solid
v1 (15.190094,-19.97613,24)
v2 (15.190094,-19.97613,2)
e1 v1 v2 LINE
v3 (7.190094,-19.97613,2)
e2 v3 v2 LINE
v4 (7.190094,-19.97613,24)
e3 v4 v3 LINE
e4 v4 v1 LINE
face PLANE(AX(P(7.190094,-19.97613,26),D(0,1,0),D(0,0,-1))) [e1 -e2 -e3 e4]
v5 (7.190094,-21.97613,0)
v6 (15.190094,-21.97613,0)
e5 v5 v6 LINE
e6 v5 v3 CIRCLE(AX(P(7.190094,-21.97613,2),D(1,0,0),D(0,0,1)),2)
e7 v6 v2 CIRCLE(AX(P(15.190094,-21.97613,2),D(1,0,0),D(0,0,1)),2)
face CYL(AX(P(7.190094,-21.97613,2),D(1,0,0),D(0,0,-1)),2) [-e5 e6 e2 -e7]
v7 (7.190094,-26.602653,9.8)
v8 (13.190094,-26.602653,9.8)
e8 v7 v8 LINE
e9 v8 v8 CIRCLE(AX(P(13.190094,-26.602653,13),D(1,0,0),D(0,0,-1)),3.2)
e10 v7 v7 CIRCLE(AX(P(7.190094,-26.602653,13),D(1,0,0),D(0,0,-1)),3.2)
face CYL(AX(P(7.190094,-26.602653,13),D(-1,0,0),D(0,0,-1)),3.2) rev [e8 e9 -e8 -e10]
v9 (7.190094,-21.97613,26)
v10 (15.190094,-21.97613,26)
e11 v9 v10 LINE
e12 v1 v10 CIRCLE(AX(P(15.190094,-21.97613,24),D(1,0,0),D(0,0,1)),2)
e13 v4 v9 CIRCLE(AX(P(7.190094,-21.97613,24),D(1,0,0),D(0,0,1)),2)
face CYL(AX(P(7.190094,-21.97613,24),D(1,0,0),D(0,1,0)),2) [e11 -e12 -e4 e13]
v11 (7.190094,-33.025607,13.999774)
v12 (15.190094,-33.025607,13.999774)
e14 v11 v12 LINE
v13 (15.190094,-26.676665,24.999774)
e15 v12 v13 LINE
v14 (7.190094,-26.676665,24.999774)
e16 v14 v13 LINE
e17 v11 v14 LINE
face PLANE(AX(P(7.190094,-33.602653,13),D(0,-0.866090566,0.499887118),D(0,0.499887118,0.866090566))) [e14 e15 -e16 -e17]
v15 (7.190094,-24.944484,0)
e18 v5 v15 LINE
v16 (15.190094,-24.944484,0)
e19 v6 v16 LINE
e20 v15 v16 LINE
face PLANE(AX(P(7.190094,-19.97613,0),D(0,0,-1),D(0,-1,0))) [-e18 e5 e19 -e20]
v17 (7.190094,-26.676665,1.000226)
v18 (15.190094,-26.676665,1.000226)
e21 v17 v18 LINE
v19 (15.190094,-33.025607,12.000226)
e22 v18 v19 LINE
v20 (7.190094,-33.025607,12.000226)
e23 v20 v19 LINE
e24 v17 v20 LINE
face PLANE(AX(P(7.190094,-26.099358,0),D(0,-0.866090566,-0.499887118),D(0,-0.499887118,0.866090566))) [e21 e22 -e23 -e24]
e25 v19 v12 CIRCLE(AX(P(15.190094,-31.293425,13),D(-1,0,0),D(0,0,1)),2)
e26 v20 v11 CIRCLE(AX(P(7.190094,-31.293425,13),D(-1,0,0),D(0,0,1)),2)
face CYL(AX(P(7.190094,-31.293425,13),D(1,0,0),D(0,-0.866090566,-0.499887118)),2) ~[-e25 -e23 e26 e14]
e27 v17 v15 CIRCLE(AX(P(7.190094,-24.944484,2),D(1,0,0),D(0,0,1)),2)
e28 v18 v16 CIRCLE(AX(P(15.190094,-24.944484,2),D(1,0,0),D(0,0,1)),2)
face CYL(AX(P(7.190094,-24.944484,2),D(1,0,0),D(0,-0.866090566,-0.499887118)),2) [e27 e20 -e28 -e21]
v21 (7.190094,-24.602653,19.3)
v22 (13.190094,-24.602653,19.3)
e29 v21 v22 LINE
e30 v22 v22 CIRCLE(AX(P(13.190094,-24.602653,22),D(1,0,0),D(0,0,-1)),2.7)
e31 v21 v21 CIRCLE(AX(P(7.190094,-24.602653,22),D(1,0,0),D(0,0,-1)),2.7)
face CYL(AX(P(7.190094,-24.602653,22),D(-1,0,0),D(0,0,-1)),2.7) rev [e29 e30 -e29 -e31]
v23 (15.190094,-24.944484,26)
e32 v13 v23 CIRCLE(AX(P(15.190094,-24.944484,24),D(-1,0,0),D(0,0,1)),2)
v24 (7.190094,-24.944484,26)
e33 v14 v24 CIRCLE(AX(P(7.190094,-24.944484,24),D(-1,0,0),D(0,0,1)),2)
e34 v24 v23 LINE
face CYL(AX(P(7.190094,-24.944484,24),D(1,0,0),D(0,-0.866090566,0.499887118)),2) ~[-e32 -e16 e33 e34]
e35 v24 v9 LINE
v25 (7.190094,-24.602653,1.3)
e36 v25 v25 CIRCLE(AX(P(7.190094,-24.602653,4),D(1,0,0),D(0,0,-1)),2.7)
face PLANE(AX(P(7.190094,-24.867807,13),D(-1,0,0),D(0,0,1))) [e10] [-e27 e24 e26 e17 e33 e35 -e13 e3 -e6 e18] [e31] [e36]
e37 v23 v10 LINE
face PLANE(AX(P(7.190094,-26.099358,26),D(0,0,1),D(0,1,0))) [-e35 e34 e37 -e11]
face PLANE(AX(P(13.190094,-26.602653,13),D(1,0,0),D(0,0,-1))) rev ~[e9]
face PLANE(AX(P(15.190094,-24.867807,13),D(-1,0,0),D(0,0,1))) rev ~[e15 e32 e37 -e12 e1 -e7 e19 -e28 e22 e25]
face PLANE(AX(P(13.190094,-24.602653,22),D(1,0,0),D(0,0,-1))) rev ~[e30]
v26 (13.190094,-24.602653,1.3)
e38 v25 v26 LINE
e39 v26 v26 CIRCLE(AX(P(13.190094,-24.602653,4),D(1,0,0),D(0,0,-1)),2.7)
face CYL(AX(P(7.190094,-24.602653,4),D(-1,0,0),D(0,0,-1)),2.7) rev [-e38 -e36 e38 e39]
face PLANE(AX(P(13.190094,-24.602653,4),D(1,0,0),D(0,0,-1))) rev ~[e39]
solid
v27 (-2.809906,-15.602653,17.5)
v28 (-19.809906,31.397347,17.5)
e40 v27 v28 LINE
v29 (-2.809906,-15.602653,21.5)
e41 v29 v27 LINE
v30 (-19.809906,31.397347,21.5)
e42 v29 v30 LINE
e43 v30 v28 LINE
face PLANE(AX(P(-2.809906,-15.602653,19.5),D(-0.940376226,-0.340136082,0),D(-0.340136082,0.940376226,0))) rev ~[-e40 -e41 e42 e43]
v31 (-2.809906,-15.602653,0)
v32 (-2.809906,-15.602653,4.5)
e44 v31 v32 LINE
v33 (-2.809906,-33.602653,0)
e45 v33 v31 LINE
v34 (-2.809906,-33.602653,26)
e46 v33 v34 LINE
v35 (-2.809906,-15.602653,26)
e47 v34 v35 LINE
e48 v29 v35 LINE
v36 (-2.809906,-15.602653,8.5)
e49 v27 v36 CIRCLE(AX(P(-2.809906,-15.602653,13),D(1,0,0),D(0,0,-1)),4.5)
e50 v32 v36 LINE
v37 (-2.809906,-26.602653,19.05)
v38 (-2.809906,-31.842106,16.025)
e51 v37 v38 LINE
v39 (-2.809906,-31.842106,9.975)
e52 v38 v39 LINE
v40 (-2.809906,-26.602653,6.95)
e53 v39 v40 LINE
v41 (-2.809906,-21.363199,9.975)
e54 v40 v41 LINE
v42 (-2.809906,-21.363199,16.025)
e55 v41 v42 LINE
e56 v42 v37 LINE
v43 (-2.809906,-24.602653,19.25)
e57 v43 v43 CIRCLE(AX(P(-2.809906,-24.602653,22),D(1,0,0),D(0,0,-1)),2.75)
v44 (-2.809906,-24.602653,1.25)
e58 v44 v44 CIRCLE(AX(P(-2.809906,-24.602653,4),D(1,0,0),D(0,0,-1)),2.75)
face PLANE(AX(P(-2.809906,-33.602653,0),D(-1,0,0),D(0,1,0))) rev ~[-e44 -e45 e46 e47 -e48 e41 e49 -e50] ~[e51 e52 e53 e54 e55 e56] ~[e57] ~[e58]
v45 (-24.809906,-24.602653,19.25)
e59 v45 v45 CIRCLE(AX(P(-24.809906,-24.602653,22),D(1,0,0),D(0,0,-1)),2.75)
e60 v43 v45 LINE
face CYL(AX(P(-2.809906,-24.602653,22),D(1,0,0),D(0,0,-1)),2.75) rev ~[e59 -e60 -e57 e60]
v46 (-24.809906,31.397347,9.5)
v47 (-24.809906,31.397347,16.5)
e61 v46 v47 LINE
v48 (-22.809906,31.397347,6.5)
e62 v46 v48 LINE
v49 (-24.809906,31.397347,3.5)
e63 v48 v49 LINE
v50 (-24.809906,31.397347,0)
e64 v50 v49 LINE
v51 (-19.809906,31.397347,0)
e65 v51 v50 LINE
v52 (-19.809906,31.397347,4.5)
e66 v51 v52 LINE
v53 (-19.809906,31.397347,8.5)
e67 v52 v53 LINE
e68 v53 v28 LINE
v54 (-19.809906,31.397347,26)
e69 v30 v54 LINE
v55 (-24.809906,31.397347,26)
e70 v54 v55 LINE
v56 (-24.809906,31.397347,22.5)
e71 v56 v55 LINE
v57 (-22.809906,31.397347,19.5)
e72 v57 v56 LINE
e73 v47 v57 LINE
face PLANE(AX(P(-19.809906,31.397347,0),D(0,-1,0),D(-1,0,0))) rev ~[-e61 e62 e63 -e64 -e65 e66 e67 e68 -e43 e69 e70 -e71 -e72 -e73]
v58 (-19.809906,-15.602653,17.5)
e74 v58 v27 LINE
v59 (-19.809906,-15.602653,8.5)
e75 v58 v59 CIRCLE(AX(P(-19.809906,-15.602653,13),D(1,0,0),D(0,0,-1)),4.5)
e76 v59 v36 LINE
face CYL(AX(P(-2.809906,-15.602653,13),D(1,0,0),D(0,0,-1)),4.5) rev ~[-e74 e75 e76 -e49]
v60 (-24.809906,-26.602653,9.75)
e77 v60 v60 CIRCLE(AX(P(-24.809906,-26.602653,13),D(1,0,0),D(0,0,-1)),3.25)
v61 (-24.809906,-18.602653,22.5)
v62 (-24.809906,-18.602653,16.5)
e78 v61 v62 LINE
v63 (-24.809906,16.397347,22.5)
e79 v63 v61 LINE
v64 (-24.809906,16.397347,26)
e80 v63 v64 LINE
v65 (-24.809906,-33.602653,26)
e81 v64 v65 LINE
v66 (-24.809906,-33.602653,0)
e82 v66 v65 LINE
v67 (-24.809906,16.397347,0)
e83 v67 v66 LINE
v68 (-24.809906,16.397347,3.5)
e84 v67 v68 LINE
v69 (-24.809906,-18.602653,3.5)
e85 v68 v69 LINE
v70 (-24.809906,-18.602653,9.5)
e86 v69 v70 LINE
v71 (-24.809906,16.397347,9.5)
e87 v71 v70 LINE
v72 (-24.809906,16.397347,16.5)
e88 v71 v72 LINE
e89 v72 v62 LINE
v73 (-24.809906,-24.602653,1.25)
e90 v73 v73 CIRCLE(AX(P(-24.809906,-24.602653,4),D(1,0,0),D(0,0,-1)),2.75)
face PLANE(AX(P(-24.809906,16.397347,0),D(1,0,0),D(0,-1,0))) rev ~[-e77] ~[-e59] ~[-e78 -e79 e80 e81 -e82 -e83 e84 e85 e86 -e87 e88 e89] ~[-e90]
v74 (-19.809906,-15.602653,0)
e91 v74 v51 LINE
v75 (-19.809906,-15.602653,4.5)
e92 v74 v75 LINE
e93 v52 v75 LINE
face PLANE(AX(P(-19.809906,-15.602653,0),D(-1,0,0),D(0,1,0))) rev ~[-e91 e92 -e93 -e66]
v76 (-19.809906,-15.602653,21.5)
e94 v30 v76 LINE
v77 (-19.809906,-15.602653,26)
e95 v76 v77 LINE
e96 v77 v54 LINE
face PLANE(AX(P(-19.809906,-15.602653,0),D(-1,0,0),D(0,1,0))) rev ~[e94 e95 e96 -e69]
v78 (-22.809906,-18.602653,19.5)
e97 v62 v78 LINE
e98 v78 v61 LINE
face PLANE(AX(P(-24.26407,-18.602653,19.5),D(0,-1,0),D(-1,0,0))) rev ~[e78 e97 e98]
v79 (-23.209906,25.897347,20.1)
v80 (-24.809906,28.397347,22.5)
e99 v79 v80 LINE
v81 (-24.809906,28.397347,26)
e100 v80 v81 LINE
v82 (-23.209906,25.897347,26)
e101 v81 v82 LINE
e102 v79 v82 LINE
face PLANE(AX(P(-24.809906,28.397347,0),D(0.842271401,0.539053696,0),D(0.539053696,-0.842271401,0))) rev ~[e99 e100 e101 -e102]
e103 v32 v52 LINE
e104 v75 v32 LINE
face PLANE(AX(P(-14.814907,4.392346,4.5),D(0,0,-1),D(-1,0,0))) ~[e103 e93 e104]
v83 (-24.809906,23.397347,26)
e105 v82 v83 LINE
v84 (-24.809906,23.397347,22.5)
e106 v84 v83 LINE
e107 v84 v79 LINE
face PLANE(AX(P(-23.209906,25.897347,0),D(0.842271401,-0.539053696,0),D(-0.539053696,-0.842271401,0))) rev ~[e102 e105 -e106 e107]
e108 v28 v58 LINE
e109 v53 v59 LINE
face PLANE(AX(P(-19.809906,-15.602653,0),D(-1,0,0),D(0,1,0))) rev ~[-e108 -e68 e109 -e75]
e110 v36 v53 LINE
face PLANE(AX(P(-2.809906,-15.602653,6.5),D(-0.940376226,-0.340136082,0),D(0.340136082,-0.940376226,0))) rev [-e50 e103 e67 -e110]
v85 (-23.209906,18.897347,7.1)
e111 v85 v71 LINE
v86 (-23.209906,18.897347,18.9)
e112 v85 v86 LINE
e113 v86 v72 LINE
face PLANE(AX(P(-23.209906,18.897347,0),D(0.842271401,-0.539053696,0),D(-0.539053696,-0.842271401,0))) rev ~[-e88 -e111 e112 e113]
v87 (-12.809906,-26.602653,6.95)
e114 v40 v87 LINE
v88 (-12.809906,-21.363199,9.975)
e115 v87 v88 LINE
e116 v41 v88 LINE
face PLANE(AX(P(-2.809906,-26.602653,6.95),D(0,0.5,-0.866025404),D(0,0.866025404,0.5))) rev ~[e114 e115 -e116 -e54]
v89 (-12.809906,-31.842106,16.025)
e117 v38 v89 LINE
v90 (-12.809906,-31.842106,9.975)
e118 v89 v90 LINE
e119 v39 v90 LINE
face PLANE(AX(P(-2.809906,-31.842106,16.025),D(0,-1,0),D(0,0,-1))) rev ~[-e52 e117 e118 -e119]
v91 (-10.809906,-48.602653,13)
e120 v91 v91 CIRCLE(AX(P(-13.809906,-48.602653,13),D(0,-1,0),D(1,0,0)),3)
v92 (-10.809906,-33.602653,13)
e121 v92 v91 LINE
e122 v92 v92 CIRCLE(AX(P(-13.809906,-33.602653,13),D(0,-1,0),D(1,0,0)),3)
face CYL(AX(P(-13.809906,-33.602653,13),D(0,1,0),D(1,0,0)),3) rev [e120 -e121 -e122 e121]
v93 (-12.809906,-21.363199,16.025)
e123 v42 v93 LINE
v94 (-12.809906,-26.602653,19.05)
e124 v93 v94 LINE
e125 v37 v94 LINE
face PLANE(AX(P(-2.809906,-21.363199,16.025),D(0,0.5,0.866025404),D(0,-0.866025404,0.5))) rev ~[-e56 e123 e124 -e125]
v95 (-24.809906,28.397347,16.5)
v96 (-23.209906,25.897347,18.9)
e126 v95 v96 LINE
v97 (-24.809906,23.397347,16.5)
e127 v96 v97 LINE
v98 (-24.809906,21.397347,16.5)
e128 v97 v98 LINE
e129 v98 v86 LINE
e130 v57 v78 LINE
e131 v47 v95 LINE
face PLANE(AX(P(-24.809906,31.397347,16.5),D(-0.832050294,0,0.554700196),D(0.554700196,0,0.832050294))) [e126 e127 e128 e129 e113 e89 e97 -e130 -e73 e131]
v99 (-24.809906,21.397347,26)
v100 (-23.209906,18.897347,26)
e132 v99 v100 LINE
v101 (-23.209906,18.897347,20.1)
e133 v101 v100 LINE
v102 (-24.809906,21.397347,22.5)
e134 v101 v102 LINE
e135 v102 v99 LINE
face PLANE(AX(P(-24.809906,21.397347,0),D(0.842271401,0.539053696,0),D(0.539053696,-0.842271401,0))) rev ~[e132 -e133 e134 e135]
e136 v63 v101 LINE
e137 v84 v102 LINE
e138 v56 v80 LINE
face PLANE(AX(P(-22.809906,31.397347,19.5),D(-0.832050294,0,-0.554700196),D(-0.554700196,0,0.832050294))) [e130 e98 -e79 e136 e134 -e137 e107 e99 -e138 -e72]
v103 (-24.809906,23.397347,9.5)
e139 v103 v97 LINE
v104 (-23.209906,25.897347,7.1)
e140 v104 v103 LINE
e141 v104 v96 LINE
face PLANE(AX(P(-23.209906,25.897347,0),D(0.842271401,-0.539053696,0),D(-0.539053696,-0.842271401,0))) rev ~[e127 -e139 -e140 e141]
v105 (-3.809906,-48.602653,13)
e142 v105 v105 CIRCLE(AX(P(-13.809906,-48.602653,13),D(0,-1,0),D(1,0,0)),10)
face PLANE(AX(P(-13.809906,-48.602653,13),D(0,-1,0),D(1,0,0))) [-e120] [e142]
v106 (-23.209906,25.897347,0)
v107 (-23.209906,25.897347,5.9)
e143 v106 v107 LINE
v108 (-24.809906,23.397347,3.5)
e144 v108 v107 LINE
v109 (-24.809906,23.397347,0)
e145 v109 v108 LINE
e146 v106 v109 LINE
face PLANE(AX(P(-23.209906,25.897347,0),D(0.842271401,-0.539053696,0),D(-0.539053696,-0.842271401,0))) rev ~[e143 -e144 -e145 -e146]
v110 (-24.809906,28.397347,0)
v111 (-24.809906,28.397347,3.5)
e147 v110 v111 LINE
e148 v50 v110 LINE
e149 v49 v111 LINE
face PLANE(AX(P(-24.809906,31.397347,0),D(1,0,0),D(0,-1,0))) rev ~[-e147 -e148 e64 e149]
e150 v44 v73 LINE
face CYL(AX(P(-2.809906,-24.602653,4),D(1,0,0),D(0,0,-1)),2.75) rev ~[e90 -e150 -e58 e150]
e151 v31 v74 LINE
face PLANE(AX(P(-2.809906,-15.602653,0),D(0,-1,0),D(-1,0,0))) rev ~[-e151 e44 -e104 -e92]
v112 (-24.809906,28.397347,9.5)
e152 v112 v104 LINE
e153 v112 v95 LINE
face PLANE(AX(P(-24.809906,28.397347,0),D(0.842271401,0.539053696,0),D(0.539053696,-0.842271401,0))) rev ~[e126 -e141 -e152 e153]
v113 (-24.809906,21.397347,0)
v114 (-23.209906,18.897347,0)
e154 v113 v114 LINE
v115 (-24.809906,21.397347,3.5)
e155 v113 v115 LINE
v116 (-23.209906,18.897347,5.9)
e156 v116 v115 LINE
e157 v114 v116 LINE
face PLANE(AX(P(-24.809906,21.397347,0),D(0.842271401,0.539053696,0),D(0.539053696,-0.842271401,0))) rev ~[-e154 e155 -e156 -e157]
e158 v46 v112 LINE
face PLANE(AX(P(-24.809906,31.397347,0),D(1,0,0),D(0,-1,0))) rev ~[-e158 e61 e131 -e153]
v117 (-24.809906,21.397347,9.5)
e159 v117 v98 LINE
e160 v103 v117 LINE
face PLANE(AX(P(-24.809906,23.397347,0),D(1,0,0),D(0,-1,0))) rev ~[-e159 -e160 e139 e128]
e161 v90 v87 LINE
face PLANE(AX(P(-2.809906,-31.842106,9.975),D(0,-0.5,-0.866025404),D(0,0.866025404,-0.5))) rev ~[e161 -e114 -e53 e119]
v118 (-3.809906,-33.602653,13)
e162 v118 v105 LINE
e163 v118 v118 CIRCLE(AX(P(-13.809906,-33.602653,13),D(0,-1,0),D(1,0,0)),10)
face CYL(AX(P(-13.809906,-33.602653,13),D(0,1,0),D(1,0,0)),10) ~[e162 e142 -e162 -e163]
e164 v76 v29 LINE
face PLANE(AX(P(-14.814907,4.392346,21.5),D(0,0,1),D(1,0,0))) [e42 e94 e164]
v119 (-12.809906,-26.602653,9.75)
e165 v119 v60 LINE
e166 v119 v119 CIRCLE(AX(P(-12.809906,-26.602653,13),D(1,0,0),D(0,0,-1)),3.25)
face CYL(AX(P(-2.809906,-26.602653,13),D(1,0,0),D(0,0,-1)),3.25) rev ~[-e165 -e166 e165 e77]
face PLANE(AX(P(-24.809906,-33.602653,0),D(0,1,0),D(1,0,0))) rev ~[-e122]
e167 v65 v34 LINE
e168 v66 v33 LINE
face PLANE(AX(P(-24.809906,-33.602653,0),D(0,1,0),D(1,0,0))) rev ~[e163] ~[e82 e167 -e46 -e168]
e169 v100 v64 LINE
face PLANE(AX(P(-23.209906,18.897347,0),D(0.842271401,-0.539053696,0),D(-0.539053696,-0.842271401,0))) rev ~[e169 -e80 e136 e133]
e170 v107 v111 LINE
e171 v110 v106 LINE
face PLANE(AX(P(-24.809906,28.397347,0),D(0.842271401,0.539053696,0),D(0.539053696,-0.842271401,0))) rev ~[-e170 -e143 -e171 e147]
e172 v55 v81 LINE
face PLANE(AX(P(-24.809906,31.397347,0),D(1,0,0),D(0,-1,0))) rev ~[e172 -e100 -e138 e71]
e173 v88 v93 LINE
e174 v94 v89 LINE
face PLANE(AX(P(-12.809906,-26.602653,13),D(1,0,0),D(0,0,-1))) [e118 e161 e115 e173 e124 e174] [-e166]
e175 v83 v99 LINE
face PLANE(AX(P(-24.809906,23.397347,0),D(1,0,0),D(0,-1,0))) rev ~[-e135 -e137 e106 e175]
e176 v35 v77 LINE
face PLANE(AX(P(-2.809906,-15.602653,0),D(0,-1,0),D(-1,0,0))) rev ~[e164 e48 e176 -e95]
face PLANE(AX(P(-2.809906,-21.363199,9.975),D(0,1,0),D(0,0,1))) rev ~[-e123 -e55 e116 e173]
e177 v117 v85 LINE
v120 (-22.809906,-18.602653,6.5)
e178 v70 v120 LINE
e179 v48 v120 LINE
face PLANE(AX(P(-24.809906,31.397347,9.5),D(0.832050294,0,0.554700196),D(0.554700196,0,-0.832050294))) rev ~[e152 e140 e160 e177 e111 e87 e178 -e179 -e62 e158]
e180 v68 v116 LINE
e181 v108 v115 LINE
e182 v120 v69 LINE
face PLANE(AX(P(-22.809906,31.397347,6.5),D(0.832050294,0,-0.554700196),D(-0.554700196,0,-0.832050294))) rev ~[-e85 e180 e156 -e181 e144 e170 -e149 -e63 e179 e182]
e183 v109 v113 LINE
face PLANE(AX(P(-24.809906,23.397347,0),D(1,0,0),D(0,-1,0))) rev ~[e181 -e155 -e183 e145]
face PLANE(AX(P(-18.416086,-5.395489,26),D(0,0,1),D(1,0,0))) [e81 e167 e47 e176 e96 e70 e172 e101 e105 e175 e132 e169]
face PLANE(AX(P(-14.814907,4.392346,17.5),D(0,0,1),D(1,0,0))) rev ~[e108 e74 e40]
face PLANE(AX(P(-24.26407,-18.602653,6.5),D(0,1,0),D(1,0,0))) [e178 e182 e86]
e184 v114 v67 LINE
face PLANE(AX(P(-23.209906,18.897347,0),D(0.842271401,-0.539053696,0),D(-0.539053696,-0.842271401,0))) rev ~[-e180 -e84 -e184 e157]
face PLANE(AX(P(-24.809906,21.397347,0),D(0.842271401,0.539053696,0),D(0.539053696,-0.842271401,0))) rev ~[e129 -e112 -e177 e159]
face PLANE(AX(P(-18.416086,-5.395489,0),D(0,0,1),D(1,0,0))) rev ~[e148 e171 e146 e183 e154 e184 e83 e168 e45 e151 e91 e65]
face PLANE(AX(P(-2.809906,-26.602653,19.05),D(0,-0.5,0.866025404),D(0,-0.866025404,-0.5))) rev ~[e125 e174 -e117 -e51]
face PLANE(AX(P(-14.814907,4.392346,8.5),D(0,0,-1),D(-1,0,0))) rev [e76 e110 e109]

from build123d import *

# Parameters (mm, degrees)
SALIENTE_EXTRUIR1_DEPTH = 26
CROQUIS15_R             = 3.25
CORTAR_EXTRUIR5_DEPTH   = 28
SALIENTE_EXTRUIR3_DEPTH = 2
CROQUIS9_R              = 4.5
CORTAR_EXTRUIR1_DEPTH   = 17
CROQUIS10_R             = 2.75
CORTAR_EXTRUIR2_DEPTH   = 22
CORTAR_EXTRUIR3_DEPTH   = 50
SALIENTE_EXTRUIR5_DEPTH = 8
REDONDEO2_R             = 2
REDONDEO3_R             = 2
CROQUIS18_R             = 2.7
CROQUIS18_R_2           = 3.2
CORTAR_EXTRUIR6_DEPTH   = 6
CROQUIS19_R             = 10
CROQUIS19_R_2           = 3
SALIENTE_EXTRUIR6_DEPTH = 15
CORTAR_EXTRUIR7_DEPTH   = 10


with BuildPart() as part:
    # Croquis1 → Saliente-Extruir1 (new body)
    with BuildSketch(Plane.XY):
        Polygon((-24.80990609, 23.397347273), (-24.80990609, 21.397347273), (-23.20990609, 18.897347273), (-24.80990609, 16.397347273), (-24.80990609, -33.602652727), (-2.80990609, -33.602652727), (-2.80990609, -15.602652727), (-19.80990609, -15.602652727), (-19.80990609, 31.397347273), (-24.80990609, 31.397347273), (-24.80990609, 28.397347273), (-23.20990609, 25.897347273), align=None)
    extrude(amount=SALIENTE_EXTRUIR1_DEPTH)

    # Croquis15 → Cortar-Extruir5 (cut)
    with BuildSketch(Plane(origin=(-2.80990609, 0, 0), x_dir=(0, 0, -1), z_dir=(1, 0, 0))):
        with Locations((-13, -26.602652727)):
            Circle(CROQUIS15_R)
    extrude(amount=-CORTAR_EXTRUIR5_DEPTH, mode=Mode.SUBTRACT)

    # Croquis8 → Saliente-Extruir3 (add, symmetric)
    with BuildSketch(Plane(origin=(0, 0, 19.5), x_dir=(-1, 0, 0), z_dir=(0, 0, -1))):
        Polygon((19.80990609, 31.397347273), (19.80990609, -15.602652727), (2.80990609, -15.602652727), align=None)
    saliente_extruir3 = extrude(amount=SALIENTE_EXTRUIR3_DEPTH, both=True)

    # Simetría1: Saliente-Extruir3 across plane
    add(saliente_extruir3.mirror(Plane(origin=(0, 0, 13), x_dir=(1, 0, 0), z_dir=(0, 0, -1))))

    # Croquis9 → Cortar-Extruir1 (cut)
    with BuildSketch(Plane(origin=(-2.80990609, 0, 0), x_dir=(0, 0, -1), z_dir=(1, 0, 0))):
        with Locations((-13, -15.602652727)):
            Circle(CROQUIS9_R)
    extrude(amount=-CORTAR_EXTRUIR1_DEPTH, mode=Mode.SUBTRACT)

    # Croquis10 → Cortar-Extruir2 (cut)
    with BuildSketch(Plane(origin=(-2.80990609, 0, 0), x_dir=(0, 0, -1), z_dir=(1, 0, 0))):
        with Locations((-22, -24.602652727)):
            Circle(CROQUIS10_R)
        with Locations((-4, -24.602652727)):
            Circle(CROQUIS10_R)
    extrude(amount=-CORTAR_EXTRUIR2_DEPTH, mode=Mode.SUBTRACT)

    # Croquis12 → Cortar-Extruir3 (cut)
    with BuildSketch(Plane(origin=(0, 31.397347273, 0), x_dir=(1, 0, 0), z_dir=(0, 1, 0))):
        Polygon((-24.80990609, -22.5), (-24.80990609, -16.5), (-22.80990609, -19.5), align=None)
        Polygon((-22.80990609, -6.5), (-24.80990609, -3.5), (-24.80990609, -9.5), align=None)
    extrude(amount=-CORTAR_EXTRUIR3_DEPTH, mode=Mode.SUBTRACT)

    # Croquis19 → Saliente-Extruir6 (add)
    with BuildSketch(Plane.XZ.offset(33.602652727)):
        with Locations((-13.80990609, 13)):
            Circle(CROQUIS19_R)
        with Locations((-13.80990609, 13)):
            Circle(CROQUIS19_R_2, mode=Mode.SUBTRACT)
    extrude(amount=SALIENTE_EXTRUIR6_DEPTH)

    # Croquis21 → Cortar-Extruir7 (cut)
    with BuildSketch(Plane(origin=(-2.80990609, 0, 0), x_dir=(0, 0, -1), z_dir=(1, 0, 0))):
        Polygon((-9.975, -21.363199034), (-16.025, -21.363199034), (-19.05, -26.602652727), (-16.025, -31.84210642), (-9.975, -31.84210642), (-6.95, -26.602652727), align=None)
    extrude(amount=-CORTAR_EXTRUIR7_DEPTH, mode=Mode.SUBTRACT)


with BuildPart() as body_2:
    # Croquis17 → Saliente-Extruir5 (new body)
    with BuildSketch(Plane(origin=(7.19009391, 0, 0), x_dir=(0, 0, -1), z_dir=(1, 0, 0))):
        Polygon((-26, -19.976130017), (0, -19.976130017), (0, -26.099358276), (-13, -33.602652727), (-26, -26.099358276), align=None)
    extrude(amount=SALIENTE_EXTRUIR5_DEPTH)

    # Redondeo2
    redondeo2_edges = [body_2.edges().sort_by_distance(p)[0] for p in [
        (11.19009391, -33.602652727, 13),
    ]]
    fillet(redondeo2_edges, radius=REDONDEO2_R)

    # Redondeo3
    redondeo3_edges = [body_2.edges().sort_by_distance(p)[0] for p in [
        (11.19009391, -19.976130017, 26),
        (11.19009391, -19.976130017, 0),
        (11.19009391, -26.099358276, 0),
        (11.19009391, -26.099358276, 26),
    ]]
    fillet(redondeo3_edges, radius=REDONDEO3_R)

    # Croquis18 → Cortar-Extruir6 (cut)
    with BuildSketch(Plane(origin=(7.19009391, 0, 0), x_dir=(0, 0, -1), z_dir=(1, 0, 0))):
        with Locations((-22, -24.602652727)):
            Circle(CROQUIS18_R)
        with Locations((-13, -26.602652727)):
            Circle(CROQUIS18_R_2)
        with Locations((-4, -24.602652727)):
            Circle(CROQUIS18_R)
    extrude(amount=CORTAR_EXTRUIR6_DEPTH, mode=Mode.SUBTRACT)


solid = Compound([part.part, body_2.part])
